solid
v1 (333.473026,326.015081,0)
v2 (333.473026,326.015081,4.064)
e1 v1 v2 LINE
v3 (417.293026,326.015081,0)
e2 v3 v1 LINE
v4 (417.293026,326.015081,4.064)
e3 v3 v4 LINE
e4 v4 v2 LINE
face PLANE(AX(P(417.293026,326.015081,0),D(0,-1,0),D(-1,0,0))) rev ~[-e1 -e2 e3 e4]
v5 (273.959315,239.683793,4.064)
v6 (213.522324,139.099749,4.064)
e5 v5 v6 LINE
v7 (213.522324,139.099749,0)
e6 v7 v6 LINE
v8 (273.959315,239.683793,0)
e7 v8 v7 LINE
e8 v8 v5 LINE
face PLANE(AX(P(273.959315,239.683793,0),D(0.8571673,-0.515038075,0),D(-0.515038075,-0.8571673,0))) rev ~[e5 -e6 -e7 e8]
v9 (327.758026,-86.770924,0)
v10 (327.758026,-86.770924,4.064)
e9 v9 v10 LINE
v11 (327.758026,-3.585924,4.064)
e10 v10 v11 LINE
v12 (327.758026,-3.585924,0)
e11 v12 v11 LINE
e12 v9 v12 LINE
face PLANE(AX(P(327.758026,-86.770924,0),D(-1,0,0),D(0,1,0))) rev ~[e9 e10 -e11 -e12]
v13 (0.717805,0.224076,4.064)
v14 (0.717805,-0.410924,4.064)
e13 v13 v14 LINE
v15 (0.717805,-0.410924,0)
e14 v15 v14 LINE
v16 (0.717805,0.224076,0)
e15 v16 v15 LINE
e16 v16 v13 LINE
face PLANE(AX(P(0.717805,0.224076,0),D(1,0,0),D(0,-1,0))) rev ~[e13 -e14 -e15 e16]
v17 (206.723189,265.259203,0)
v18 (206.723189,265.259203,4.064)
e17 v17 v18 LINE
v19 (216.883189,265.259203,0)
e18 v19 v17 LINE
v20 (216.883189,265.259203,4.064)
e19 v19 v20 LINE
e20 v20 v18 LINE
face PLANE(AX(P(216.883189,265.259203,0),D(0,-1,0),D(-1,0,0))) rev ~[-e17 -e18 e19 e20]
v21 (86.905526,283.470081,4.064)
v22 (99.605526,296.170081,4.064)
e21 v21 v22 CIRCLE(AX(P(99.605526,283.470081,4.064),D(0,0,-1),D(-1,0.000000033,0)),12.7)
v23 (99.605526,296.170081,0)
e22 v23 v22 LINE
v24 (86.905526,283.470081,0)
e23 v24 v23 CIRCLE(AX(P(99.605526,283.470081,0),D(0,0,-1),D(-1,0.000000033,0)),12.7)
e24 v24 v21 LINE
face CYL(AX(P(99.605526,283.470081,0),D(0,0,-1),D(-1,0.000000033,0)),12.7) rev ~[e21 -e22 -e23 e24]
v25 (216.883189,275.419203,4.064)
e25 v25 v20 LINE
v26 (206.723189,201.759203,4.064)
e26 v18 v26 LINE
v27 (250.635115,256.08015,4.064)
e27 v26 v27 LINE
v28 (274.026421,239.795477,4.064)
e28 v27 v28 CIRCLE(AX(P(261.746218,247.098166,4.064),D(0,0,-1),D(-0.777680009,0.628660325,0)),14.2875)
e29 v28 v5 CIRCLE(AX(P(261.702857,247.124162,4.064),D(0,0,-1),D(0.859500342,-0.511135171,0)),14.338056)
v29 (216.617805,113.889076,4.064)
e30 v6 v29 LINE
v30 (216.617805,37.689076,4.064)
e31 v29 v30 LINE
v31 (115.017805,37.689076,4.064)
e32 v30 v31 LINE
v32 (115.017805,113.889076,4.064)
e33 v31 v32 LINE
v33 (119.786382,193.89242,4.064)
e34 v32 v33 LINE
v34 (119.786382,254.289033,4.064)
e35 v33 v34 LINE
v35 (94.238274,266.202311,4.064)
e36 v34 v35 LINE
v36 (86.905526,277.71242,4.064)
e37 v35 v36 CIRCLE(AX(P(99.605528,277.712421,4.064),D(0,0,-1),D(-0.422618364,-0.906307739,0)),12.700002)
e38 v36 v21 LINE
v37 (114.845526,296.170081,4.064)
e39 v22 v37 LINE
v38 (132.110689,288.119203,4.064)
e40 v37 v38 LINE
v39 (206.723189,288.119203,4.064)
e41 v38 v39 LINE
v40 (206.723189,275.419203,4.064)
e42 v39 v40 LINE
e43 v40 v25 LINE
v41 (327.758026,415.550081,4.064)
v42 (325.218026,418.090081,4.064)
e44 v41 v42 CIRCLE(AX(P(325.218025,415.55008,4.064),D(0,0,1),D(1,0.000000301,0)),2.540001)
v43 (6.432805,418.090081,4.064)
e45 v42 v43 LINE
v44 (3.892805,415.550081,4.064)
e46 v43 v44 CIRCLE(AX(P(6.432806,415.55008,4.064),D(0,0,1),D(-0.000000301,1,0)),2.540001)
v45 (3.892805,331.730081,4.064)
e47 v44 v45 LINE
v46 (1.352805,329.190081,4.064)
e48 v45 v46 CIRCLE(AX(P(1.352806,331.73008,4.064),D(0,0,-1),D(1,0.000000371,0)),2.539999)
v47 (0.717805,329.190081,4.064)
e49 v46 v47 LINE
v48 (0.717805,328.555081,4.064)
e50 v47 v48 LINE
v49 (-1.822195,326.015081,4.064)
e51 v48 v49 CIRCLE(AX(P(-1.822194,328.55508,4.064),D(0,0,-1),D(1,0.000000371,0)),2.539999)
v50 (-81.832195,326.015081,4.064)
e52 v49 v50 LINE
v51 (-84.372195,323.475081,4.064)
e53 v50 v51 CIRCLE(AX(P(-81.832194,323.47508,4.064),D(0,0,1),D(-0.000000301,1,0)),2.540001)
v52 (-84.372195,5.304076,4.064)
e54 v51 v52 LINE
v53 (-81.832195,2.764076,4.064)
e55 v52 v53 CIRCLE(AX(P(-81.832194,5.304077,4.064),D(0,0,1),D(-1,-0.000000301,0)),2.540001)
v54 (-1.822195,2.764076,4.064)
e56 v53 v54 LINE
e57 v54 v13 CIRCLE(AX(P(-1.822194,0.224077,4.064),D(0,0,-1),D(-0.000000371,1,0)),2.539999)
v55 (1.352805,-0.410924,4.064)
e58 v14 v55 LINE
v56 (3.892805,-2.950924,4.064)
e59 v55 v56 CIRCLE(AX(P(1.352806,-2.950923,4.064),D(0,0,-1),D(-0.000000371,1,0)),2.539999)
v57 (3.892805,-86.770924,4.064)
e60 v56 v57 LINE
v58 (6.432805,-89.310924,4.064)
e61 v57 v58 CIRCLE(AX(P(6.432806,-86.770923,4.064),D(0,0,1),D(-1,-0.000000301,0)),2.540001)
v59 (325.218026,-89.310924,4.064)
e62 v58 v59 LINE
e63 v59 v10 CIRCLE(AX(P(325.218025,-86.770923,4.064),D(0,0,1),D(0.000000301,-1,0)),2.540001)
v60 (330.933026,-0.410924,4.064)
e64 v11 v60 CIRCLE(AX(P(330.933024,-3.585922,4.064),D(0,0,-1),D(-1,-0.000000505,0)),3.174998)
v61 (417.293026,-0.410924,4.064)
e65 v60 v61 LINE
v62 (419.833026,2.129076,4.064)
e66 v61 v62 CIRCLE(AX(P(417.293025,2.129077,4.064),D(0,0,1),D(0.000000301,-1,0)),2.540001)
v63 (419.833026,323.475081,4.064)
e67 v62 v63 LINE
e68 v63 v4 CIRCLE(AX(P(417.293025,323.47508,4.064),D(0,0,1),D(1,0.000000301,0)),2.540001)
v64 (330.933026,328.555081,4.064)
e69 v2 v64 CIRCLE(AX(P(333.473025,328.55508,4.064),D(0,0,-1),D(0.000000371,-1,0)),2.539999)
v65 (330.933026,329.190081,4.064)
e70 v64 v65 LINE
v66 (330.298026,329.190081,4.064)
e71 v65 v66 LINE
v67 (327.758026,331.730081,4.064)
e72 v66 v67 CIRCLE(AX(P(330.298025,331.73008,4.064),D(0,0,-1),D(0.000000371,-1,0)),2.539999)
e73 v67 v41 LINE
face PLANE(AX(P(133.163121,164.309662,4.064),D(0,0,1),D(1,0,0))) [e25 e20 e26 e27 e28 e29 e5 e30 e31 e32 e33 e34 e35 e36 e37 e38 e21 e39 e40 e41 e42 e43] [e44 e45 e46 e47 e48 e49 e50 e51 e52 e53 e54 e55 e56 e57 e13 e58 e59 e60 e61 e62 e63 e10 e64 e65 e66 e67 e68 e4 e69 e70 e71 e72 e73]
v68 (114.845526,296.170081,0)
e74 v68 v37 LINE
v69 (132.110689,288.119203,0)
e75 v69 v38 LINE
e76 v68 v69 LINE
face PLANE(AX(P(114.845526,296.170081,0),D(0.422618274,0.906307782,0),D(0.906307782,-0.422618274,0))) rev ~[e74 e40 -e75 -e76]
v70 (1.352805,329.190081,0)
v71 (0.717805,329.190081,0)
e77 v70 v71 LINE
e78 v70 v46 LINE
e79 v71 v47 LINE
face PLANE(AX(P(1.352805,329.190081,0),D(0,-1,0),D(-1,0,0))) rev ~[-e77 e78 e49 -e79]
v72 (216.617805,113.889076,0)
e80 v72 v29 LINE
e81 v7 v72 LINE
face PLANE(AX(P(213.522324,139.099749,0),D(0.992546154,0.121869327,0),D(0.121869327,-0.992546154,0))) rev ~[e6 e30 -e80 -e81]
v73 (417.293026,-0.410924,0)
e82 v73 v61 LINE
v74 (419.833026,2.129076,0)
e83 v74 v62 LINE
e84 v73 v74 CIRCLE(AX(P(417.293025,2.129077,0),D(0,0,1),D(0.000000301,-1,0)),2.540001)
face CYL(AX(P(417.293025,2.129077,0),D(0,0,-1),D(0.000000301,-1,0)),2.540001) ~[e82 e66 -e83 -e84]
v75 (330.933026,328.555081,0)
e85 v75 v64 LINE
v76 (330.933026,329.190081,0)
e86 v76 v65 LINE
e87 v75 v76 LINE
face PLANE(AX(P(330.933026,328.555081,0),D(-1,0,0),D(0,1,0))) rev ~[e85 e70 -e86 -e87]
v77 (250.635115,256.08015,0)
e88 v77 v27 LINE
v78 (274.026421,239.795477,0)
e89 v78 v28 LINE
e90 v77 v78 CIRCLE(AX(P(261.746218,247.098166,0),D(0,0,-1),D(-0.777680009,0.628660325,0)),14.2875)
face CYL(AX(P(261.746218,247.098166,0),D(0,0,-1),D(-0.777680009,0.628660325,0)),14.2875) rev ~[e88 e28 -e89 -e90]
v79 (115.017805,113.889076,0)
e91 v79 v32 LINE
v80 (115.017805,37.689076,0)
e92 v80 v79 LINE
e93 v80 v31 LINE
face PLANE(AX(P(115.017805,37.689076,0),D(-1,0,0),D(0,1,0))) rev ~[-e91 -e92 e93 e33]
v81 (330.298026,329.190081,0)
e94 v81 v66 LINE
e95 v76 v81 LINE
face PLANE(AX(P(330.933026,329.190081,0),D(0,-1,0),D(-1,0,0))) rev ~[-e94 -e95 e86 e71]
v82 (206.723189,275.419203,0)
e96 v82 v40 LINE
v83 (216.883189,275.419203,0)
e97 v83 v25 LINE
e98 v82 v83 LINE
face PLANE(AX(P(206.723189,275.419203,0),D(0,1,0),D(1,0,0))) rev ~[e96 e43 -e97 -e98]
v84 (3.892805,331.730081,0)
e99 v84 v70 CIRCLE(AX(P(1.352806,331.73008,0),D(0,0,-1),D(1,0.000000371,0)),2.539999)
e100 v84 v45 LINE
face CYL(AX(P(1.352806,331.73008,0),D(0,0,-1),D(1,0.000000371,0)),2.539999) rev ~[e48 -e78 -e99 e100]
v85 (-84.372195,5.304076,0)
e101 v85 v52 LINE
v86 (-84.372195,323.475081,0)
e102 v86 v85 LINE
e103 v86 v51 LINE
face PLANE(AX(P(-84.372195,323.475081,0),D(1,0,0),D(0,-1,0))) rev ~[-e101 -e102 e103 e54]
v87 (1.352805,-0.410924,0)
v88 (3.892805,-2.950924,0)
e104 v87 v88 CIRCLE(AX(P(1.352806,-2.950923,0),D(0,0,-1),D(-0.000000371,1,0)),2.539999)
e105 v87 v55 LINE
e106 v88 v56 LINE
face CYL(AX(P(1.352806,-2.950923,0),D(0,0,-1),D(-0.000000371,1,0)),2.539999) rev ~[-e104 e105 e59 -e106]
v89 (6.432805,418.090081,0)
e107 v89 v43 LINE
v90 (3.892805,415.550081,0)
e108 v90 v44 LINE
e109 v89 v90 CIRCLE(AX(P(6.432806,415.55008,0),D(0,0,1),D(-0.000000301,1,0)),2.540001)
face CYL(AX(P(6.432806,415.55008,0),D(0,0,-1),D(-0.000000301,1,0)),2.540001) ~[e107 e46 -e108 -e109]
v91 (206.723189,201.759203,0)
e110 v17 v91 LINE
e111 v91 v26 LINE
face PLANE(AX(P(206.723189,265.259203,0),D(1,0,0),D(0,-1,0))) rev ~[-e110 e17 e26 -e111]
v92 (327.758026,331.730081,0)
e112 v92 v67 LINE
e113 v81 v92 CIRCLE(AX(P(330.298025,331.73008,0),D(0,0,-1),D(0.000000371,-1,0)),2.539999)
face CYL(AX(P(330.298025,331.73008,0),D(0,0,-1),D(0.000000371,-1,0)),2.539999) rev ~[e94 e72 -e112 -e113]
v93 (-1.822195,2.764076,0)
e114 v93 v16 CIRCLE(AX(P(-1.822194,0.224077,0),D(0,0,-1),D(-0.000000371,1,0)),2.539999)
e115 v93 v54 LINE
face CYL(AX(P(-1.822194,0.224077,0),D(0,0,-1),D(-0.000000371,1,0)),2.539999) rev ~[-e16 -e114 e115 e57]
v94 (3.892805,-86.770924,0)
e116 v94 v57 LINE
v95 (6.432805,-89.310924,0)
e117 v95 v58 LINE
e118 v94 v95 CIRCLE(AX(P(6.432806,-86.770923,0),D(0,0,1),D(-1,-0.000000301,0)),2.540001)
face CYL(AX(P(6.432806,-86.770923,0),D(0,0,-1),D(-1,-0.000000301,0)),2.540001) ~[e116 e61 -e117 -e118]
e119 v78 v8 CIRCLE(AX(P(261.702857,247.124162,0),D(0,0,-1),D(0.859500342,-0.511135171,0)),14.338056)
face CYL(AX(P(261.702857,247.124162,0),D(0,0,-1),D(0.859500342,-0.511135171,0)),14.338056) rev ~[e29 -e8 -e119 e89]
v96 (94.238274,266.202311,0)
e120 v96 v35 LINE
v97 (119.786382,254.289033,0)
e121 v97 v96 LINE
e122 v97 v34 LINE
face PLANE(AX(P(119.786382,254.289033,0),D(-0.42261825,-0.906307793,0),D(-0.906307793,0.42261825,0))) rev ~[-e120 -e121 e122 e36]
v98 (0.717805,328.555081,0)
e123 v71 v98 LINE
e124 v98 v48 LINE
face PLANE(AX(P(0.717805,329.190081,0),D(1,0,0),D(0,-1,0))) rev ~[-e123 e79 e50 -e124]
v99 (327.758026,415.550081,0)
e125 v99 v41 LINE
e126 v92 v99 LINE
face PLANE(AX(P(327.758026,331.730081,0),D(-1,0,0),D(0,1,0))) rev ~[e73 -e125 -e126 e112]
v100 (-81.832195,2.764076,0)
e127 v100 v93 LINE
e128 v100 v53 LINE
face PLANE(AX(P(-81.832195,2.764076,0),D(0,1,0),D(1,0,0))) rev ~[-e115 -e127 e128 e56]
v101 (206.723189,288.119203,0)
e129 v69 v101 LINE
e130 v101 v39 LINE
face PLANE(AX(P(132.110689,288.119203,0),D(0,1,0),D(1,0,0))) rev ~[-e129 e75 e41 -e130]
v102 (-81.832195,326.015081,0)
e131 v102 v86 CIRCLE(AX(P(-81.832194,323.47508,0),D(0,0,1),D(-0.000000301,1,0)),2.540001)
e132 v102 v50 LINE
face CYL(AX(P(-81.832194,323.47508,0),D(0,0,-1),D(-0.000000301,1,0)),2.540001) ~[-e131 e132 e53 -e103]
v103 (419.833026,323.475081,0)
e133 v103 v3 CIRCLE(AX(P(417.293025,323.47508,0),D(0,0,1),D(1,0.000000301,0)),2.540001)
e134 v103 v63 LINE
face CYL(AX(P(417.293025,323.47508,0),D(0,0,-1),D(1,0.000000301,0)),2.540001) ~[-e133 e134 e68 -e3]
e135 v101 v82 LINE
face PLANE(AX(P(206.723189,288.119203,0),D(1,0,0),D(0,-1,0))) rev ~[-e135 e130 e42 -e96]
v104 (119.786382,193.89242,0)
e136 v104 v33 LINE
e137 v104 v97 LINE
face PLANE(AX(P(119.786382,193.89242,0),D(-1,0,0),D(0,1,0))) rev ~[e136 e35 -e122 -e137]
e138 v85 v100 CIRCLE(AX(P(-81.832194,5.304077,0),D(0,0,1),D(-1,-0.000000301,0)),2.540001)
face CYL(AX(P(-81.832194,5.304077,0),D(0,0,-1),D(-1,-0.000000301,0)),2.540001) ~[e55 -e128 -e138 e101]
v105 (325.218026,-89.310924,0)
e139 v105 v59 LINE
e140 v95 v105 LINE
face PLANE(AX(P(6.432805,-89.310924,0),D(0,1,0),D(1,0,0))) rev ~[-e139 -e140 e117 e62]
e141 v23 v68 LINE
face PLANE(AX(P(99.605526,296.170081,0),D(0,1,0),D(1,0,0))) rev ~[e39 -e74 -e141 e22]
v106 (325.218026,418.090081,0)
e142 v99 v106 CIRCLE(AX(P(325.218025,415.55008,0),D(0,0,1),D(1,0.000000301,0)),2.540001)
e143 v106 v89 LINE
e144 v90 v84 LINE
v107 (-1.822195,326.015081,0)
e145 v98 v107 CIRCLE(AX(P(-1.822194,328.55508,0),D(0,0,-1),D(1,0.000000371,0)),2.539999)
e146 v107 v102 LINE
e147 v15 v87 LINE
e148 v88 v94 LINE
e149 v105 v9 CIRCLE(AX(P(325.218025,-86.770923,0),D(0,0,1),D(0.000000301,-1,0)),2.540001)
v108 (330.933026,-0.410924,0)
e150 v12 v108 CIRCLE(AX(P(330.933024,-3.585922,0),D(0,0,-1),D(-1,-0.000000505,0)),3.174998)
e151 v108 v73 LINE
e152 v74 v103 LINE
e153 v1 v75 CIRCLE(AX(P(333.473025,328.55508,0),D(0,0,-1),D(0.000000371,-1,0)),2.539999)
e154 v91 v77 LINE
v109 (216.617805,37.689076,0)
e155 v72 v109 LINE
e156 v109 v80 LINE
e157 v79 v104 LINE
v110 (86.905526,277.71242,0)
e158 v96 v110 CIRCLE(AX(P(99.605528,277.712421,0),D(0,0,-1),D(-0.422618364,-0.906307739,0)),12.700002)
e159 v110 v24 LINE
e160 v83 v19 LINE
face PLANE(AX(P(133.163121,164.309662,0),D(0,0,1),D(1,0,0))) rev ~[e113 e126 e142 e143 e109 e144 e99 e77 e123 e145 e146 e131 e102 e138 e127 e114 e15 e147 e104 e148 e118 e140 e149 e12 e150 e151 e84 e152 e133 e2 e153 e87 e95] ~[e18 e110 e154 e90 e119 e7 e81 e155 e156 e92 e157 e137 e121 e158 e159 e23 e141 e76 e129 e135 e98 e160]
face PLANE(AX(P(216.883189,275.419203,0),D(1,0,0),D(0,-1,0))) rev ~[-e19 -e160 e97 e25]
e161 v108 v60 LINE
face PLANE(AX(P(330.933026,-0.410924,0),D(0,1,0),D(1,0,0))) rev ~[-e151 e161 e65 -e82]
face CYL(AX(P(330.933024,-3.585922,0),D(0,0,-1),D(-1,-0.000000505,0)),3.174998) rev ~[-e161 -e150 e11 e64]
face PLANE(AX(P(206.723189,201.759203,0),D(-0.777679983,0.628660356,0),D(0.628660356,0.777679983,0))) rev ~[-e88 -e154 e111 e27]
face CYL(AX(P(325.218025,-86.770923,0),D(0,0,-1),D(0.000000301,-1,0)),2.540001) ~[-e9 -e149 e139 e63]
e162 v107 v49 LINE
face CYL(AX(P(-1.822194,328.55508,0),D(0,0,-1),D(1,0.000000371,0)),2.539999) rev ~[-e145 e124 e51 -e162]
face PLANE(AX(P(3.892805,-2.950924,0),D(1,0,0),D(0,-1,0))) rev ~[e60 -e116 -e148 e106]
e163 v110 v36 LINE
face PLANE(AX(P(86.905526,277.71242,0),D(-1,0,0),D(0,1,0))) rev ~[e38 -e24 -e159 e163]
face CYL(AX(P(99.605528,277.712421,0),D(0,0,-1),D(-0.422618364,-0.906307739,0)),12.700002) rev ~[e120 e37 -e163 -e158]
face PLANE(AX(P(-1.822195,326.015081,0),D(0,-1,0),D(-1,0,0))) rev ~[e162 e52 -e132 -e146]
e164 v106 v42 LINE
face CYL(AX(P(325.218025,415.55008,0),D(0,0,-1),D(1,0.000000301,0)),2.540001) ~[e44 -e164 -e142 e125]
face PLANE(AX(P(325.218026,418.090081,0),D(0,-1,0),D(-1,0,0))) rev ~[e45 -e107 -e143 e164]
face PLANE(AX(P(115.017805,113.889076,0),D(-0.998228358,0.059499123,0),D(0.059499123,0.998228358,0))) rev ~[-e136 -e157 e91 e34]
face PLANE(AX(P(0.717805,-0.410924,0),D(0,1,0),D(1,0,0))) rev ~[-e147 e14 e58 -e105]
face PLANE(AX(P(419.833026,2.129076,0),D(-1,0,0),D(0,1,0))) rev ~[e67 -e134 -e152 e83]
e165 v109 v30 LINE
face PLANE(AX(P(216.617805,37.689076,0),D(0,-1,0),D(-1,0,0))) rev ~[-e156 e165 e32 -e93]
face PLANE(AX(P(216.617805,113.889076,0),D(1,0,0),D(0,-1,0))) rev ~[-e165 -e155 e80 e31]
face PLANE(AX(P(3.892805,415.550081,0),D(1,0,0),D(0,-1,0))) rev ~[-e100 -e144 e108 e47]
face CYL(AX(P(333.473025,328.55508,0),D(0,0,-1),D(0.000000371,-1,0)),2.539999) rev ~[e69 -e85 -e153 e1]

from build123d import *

# Parameters (mm, degrees)
F1_DEPTH = 4.064


with BuildPart() as f1:
    # F0 (on Top) → F1 (new body)
    with BuildSketch(Plane.XY):
        with BuildLine():
            ThreePointArc((327.758026, -3.585924), (328.687962, -1.340859), (330.933026, -0.410924))
            Line((330.933026, -0.410924), (334.172324, -0.410924))
            Line((334.172324, -0.410924), (334.172324, 326.015081))
            Line((334.172324, 326.015081), (333.473026, 326.015081))
            ThreePointArc((333.473026, 326.015081), (331.676975, 326.759029), (330.933026, 328.555081))
            Line((330.933026, 328.555081), (330.933026, 329.190081))
            Line((330.933026, 329.190081), (330.298026, 329.190081))
            ThreePointArc((330.298026, 329.190081), (328.501975, 329.934029), (327.758026, 331.730081))
            Line((327.758026, 331.730081), (327.758026, 415.550081))
            ThreePointArc((327.758026, 415.550081), (327.014077, 417.346132), (325.218026, 418.090081))
            Line((325.218026, 418.090081), (6.432805, 418.090081))
            ThreePointArc((6.432805, 418.090081), (4.636754, 417.346132), (3.892805, 415.550081))
            Line((3.892805, 415.550081), (3.892805, 331.730081))
            ThreePointArc((3.892805, 331.730081), (3.148856, 329.934029), (1.352805, 329.190081))
            Line((1.352805, 329.190081), (0.717805, 329.190081))
            Line((0.717805, 329.190081), (0.717805, 328.555081))
            ThreePointArc((0.717805, 328.555081), (-0.026144, 326.759029), (-1.822195, 326.015081))
            Line((-1.822195, 326.015081), (-81.832195, 326.015081))
            ThreePointArc((-81.832195, 326.015081), (-83.628246, 325.271132), (-84.372195, 323.475081))
            Line((-84.372195, 323.475081), (-84.372195, 5.304076))
            ThreePointArc((-84.372195, 5.304076), (-83.628246, 3.508025), (-81.832195, 2.764076))
            Line((-81.832195, 2.764076), (-1.822195, 2.764076))
            ThreePointArc((-1.822195, 2.764076), (-0.026144, 2.020128), (0.717805, 0.224076))
            Line((0.717805, 0.224076), (0.717805, -0.410924))
            Line((0.717805, -0.410924), (1.352805, -0.410924))
            ThreePointArc((1.352805, -0.410924), (3.148856, -1.154872), (3.892805, -2.950924))
            Line((3.892805, -2.950924), (3.892805, -86.770924))
            ThreePointArc((3.892805, -86.770924), (4.636754, -88.566975), (6.432805, -89.310924))
            Line((6.432805, -89.310924), (325.218026, -89.310924))
            ThreePointArc((325.218026, -89.310924), (327.014077, -88.566975), (327.758026, -86.770924))
            Line((327.758026, -86.770924), (327.758026, -3.585924))
        make_face()
        with BuildLine():
            Line((216.617805, 37.689076), (115.017805, 37.689076))
            Line((115.017805, 37.689076), (115.017805, 113.889076))
            Line((115.017805, 113.889076), (119.786382, 193.89242))
            Line((119.786382, 193.89242), (119.786382, 254.289033))
            Line((119.786382, 254.289033), (94.238274, 266.202311))
            ThreePointArc((94.238274, 266.202311), (88.894455, 270.888715), (86.905526, 277.71242))
            Line((86.905526, 277.71242), (86.905526, 283.470081))
            ThreePointArc((86.905526, 283.470081), (90.62527, 292.450337), (99.605526, 296.170081))
            Line((99.605526, 296.170081), (114.845526, 296.170081))
            Line((114.845526, 296.170081), (132.110689, 288.119203))
            Line((132.110689, 288.119203), (206.723189, 288.119203))
            Line((206.723189, 288.119203), (206.723189, 275.419203))
            Line((206.723189, 275.419203), (216.883189, 275.419203))
            Line((216.883189, 275.419203), (216.883189, 265.259203))
            Line((216.883189, 265.259203), (206.723189, 265.259203))
            Line((206.723189, 265.259203), (206.723189, 201.759203))
            Line((206.723189, 201.759203), (250.635115, 256.08015))
            ThreePointArc((250.635115, 256.08015), (269.90951, 258.82392), (274.026421, 239.795477))
            ThreePointArc((274.026421, 239.795477), (273.992995, 239.739559), (273.959315, 239.683793))
            Line((273.959315, 239.683793), (213.522324, 139.099749))
            Line((213.522324, 139.099749), (216.617805, 113.889076))
            Line((216.617805, 113.889076), (216.617805, 37.689076))
        make_face(mode=Mode.SUBTRACT)
        with BuildLine():
            Line((334.172324, 326.015081), (334.172324, -0.410924))
            Line((334.172324, -0.410924), (336.712324, -0.410924))
            Line((336.712324, -0.410924), (417.293026, -0.410924))
            ThreePointArc((417.293026, -0.410924), (419.089077, 0.333025), (419.833026, 2.129076))
            Line((419.833026, 2.129076), (419.833026, 323.475081))
            ThreePointArc((419.833026, 323.475081), (419.089077, 325.271132), (417.293026, 326.015081))
            Line((417.293026, 326.015081), (334.172324, 326.015081))
        make_face()
    extrude(amount=F1_DEPTH)


solid = f1.part
